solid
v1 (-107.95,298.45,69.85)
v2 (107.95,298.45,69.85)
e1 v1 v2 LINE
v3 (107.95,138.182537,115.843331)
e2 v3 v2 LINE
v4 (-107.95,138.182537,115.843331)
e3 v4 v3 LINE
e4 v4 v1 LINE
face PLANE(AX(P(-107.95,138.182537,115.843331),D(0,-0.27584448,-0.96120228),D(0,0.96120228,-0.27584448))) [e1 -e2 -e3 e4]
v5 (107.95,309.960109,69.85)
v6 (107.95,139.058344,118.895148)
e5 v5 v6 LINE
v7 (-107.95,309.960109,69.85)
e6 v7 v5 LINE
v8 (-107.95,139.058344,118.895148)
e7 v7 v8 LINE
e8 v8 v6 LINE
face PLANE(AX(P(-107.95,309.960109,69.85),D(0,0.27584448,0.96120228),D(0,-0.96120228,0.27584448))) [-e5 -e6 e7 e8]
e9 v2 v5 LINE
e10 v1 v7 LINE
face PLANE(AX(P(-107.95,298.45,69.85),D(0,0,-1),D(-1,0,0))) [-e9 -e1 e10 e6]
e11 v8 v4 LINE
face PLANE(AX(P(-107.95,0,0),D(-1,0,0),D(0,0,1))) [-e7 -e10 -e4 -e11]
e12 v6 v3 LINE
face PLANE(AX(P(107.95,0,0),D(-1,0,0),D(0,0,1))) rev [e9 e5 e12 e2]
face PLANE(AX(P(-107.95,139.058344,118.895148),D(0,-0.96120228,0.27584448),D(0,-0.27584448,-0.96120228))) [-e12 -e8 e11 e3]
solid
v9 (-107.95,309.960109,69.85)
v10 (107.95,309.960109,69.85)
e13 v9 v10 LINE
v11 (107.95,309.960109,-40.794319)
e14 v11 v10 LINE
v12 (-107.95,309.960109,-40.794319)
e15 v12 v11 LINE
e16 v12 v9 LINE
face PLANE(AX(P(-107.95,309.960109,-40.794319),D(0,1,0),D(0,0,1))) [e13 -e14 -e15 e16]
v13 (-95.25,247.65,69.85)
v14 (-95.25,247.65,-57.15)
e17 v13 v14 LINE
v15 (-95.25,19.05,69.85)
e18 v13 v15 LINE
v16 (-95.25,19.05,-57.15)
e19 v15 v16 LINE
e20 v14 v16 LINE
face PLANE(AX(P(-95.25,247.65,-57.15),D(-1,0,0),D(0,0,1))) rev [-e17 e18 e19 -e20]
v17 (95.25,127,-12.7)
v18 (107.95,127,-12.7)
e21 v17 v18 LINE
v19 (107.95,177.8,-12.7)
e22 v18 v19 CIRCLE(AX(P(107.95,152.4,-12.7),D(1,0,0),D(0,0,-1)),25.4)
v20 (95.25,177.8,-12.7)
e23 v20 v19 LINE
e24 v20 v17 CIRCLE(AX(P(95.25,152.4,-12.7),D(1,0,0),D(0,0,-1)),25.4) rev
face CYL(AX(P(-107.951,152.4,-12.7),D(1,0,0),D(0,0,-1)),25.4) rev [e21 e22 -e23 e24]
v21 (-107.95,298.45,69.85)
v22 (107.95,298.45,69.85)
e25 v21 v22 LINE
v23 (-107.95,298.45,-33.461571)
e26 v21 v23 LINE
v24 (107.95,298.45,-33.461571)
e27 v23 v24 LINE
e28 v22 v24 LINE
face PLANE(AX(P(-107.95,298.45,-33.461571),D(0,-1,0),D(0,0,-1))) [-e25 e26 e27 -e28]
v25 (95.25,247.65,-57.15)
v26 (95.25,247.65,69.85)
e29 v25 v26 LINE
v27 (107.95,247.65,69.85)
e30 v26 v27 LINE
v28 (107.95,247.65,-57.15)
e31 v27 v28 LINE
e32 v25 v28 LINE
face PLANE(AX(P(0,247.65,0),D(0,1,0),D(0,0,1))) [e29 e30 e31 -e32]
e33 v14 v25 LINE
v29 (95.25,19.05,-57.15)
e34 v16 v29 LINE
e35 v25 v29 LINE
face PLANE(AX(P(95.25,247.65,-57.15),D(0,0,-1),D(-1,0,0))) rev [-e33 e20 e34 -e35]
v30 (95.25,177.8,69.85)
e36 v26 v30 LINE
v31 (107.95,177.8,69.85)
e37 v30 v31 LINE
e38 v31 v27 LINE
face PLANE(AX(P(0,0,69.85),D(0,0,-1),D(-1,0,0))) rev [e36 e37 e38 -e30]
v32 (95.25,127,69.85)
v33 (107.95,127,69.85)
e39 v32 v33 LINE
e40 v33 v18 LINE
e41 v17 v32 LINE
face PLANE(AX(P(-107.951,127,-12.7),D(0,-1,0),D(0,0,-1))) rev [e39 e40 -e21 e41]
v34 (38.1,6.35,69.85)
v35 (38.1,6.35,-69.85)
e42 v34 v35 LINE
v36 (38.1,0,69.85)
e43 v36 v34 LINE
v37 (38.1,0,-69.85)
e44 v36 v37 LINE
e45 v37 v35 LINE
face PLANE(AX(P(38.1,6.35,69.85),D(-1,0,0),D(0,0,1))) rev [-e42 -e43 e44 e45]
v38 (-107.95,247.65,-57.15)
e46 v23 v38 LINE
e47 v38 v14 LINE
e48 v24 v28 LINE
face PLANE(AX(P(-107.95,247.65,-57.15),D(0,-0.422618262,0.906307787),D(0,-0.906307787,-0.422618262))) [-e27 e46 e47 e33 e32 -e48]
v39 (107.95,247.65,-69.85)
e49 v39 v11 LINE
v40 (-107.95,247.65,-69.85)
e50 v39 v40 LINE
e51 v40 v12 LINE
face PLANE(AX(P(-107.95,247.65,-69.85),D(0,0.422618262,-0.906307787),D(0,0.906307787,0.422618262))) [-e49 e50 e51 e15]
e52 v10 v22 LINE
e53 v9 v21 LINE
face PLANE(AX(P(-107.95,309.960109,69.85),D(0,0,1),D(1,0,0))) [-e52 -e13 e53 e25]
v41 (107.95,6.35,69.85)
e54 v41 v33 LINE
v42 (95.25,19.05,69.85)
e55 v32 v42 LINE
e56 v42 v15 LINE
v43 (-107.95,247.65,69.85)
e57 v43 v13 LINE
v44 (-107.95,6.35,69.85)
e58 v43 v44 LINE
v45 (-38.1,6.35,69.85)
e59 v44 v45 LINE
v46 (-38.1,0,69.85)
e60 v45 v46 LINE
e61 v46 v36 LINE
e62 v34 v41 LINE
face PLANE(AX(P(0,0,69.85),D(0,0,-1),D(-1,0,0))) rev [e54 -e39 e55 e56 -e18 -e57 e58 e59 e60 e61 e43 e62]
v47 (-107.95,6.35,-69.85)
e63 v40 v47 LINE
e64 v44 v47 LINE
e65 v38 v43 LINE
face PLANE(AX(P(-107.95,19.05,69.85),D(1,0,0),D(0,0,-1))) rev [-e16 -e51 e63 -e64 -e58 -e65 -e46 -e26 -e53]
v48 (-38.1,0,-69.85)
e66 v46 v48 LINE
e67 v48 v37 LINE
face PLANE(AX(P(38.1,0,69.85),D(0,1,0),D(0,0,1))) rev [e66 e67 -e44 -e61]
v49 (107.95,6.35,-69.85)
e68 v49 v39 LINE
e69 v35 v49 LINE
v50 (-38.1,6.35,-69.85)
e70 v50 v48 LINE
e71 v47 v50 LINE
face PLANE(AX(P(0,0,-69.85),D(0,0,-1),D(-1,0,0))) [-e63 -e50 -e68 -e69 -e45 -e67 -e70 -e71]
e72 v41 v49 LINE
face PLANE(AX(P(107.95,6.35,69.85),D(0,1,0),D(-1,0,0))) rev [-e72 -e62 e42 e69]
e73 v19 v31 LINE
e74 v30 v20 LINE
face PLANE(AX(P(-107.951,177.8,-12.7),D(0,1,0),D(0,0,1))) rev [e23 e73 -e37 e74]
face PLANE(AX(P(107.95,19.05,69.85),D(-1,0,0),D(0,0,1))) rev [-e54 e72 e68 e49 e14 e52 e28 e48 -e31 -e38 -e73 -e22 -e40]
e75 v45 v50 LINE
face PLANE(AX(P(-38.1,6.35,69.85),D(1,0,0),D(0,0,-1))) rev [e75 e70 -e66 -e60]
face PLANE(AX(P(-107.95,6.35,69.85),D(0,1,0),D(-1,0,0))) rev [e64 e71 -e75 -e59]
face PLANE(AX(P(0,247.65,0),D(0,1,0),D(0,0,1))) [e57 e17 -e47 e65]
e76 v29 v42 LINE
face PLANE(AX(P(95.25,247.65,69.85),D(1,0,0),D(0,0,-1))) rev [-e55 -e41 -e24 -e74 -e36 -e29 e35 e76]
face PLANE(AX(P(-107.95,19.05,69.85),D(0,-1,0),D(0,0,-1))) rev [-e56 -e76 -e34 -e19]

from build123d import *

# Parameters (mm, degrees)
BOSS_EXTRUDE1_DEPTH = 69.85
BOSS_EXTRUDE2_DEPTH = 228.6
BOSS_EXTRUDE3_DEPTH = 215.9
BOSS_EXTRUDE4_DEPTH = 215.9
CUT_EXTRUDE1_DEPTH  = 12.7


with BuildPart() as part:
    # Sketch1 → Boss-Extrude1 (new, symmetric)
    with BuildSketch(Plane.XY):
        Polygon((-107.95, 19.05), (107.95, 19.05), (107.95, 6.35), (38.1, 6.35), (38.1, 0), (-38.1, 0), (-38.1, 6.35), (-107.95, 6.35), align=None)
    extrude(amount=BOSS_EXTRUDE1_DEPTH, both=True)

    # Sketch2 → Boss-Extrude2 (add)
    with BuildSketch(Plane(origin=(0, 19.05, 0), x_dir=(1, 0, 0), z_dir=(0, 1, 0))):
        Polygon((107.95, 69.85), (-107.95, 69.85), (-107.95, -69.85), (-95.25, -69.85), (-95.25, 57.15), (95.25, 57.15), (95.25, -69.85), (107.95, -69.85), align=None)
    extrude(amount=BOSS_EXTRUDE2_DEPTH)

    # Sketch3 → Boss-Extrude3 (add, through all)
    with BuildSketch(Plane(origin=(107.95, 0, 0), x_dir=(0, 0, -1), z_dir=(1, 0, 0))):
        Polygon((57.15, 247.65), (69.85, 247.65), (40.794319042, 309.960108895), (-69.85, 309.960108895), (-69.85, 298.45), (33.461570966, 298.45), align=None)
    extrude(amount=-BOSS_EXTRUDE3_DEPTH)

    # Sketch5 → Cut-Extrude1 (cut)
    with BuildSketch(Plane(origin=(107.95, 0, 0), x_dir=(0, 0, -1), z_dir=(1, 0, 0))):
        with BuildLine():
            Line((12.7, 177.8), (-69.85, 177.8))
            Line((-69.85, 177.8), (-69.85, 127))
            Line((-69.85, 127), (12.7, 127))
            ThreePointArc((12.7, 127), (38.1, 152.4), (12.7, 177.8))
        make_face()
    extrude(amount=-CUT_EXTRUDE1_DEPTH, mode=Mode.SUBTRACT)


with BuildPart() as body_2:
    # Sketch4 → Boss-Extrude4 (new body)
    with BuildSketch(Plane(origin=(107.95, 0, 0), x_dir=(0, 0, -1), z_dir=(1, 0, 0))):
        Polygon((-69.85, 298.45), (-69.85, 309.960108895), (-118.895148498, 139.058343519), (-115.843331259, 138.182537296), align=None)
    extrude(amount=-BOSS_EXTRUDE4_DEPTH)


solid = Compound([part.part, body_2.part])
